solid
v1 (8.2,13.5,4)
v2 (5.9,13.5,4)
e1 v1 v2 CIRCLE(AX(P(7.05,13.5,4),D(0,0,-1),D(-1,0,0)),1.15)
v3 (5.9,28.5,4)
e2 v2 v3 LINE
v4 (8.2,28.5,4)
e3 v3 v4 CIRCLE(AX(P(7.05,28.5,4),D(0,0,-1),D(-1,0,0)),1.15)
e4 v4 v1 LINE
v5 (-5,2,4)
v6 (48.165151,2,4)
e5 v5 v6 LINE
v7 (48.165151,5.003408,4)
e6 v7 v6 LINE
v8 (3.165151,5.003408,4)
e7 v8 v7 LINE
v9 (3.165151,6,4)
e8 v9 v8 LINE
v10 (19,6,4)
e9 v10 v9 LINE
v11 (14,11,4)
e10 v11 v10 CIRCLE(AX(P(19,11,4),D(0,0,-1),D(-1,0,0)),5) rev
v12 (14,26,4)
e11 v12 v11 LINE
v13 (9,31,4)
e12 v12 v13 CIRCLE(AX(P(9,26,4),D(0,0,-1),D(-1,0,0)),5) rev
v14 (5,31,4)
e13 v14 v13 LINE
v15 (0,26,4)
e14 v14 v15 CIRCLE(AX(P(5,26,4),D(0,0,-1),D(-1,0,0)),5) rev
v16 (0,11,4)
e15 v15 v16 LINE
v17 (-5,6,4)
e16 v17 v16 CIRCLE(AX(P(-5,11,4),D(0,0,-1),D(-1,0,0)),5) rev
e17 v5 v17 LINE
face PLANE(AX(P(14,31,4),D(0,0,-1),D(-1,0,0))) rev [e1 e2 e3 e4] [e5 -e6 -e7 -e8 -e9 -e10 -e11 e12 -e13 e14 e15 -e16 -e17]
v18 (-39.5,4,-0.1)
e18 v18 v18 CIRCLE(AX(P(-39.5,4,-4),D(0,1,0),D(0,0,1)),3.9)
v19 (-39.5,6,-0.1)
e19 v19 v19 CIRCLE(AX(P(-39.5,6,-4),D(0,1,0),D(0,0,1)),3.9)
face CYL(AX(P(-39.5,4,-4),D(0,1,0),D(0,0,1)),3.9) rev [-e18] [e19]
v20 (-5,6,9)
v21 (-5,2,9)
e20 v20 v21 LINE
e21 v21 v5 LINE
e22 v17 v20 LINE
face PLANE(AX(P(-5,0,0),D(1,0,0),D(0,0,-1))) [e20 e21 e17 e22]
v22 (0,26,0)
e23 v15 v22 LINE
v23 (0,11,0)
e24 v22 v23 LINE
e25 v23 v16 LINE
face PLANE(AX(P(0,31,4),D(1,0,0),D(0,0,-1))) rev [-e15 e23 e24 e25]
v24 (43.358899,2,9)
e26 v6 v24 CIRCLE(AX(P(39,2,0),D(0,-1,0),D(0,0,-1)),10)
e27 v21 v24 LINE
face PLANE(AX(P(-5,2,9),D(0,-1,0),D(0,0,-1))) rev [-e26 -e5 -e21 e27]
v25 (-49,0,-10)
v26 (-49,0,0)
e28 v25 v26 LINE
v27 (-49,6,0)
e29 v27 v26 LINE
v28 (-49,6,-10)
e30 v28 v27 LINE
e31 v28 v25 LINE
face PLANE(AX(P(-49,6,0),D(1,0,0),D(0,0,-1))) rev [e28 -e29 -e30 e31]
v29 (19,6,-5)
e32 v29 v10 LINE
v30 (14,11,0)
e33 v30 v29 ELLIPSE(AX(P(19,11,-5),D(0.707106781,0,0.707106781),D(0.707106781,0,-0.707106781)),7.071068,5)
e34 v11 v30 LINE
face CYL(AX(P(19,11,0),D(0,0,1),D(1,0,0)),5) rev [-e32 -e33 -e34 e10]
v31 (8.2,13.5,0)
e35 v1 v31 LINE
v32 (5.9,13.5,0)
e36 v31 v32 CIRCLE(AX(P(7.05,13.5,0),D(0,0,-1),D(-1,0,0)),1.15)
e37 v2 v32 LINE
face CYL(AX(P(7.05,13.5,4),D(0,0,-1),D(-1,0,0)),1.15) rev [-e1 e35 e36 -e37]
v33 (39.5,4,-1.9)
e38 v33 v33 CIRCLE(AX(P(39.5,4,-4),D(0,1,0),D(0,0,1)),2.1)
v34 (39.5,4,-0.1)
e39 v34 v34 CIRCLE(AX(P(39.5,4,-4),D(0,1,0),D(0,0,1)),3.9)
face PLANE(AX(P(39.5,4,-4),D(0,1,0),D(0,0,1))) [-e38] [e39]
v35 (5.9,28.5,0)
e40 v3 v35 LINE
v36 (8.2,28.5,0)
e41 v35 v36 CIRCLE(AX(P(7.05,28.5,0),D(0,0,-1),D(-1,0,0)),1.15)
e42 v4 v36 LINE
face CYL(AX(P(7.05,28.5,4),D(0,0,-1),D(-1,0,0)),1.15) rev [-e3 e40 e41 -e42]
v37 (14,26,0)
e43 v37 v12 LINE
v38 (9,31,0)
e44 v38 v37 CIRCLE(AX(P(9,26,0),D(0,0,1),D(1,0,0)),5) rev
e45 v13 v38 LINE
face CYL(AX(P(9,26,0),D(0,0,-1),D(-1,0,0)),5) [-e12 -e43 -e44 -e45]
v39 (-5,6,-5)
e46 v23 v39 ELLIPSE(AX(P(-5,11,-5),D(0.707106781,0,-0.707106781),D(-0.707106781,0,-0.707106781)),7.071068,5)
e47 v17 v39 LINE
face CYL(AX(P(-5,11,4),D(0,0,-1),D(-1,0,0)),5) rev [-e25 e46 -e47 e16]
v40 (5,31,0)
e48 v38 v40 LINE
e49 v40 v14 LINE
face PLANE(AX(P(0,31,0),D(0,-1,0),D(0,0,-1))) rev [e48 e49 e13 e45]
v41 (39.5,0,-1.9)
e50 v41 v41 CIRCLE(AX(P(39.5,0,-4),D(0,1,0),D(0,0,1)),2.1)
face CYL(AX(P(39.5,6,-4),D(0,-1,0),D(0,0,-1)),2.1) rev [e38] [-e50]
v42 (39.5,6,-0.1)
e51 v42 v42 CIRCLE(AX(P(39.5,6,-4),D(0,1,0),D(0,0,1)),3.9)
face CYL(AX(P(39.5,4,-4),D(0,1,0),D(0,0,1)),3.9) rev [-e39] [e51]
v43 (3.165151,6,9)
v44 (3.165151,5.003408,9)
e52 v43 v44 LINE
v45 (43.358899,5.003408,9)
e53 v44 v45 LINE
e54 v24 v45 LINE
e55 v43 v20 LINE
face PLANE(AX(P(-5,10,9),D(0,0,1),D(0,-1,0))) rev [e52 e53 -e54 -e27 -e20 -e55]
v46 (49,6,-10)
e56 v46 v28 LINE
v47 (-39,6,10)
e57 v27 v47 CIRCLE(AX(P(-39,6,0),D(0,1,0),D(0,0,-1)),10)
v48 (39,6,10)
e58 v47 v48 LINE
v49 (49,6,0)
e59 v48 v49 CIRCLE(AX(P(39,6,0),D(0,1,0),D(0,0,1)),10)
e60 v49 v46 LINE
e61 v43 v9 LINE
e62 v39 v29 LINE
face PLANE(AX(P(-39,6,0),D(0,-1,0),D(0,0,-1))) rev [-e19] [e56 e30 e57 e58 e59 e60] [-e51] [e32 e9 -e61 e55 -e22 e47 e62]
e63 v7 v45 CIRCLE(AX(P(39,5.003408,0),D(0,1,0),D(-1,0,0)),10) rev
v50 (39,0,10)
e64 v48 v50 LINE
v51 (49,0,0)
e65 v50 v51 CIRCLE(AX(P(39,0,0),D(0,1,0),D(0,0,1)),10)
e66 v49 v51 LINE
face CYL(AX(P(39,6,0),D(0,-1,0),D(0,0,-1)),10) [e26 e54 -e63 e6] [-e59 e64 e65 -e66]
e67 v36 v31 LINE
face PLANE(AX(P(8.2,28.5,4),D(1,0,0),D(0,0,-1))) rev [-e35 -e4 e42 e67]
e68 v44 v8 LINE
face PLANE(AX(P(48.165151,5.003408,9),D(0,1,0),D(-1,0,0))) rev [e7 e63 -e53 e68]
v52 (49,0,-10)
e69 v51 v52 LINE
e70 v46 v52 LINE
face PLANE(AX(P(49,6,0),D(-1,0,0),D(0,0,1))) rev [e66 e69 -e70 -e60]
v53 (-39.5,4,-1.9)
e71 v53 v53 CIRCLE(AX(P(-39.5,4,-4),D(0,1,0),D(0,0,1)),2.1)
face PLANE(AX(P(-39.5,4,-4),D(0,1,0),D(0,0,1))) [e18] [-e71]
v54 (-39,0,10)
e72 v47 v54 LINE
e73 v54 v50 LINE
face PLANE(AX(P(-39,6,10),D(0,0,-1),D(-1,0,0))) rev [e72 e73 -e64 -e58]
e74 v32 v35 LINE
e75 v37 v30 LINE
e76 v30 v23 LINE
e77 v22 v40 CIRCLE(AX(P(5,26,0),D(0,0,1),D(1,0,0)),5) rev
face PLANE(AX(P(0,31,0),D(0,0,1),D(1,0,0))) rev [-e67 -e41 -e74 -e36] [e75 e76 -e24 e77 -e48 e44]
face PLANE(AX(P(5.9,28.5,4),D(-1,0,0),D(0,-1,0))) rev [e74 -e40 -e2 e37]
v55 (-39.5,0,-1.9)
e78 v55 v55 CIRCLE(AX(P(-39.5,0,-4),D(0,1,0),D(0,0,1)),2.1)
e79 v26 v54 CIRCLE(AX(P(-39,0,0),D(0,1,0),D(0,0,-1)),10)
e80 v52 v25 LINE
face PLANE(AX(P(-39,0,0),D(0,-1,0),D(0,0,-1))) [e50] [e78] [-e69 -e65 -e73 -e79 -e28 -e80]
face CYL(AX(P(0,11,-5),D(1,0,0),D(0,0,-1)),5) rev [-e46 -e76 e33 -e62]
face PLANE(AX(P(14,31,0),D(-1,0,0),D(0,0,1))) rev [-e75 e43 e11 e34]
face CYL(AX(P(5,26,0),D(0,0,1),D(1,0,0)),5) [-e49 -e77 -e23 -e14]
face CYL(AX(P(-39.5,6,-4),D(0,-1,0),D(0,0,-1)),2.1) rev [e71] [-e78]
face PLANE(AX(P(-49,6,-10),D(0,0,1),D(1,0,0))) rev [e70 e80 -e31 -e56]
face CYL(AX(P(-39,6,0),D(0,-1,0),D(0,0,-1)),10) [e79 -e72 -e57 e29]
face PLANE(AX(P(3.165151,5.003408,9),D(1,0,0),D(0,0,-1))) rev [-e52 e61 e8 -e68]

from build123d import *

# Parameters (mm, degrees)
CROQUIS1_R              = 2.1
SALIENTE_EXTRUIR1_DEPTH = 6
CROQUIS2_R              = 3.9
CORTAR_EXTRUIR1_DEPTH   = 2
CROQUIS3_W              = 14
CROQUIS3_H              = 4
SALIENTE_EXTRUIR2_DEPTH = 25
REDONDEO4_R             = 5
CORTAR_EXTRUIR6_DEPTH   = 4
REDONDEO7_R             = 5
REDONDEO8_R             = 5
CROQUIS5_W              = 5
CROQUIS5_H              = 8
CORTAR_EXTRUIR9_DEPTH   = 54
CROQUIS11_W             = 45
CROQUIS11_H             = 0.996592172
SALIENTE_EXTRUIR7_DEPTH = 5
CORTAR_EXTRUIR10_START  = -5
CORTAR_EXTRUIR10_DEPTH  = 5


with BuildPart() as part:
    # Croquis1 → Saliente-Extruir1 (new body)
    with BuildSketch(Plane(origin=(0, 0, 0), x_dir=(1, 0, 0), z_dir=(0, 1, 0))):
        with BuildLine():
            Line((-39, -10), (39, -10))
            ThreePointArc((39, -10), (46.071067812, -7.071067812), (49, 0))
            Line((49, 0), (49, 10))
            Line((49, 10), (-49, 10))
            Line((-49, 10), (-49, 0))
            ThreePointArc((-49, 0), (-46.071067812, -7.071067812), (-39, -10))
        make_face()
        with Locations(Location((-39.5, 4, 0), (0, 0, 270))):
            Circle(CROQUIS1_R, mode=Mode.SUBTRACT)
        with Locations(Location((39.5, 4, 0), (0, 0, 270))):
            Circle(CROQUIS1_R, mode=Mode.SUBTRACT)
    extrude(amount=SALIENTE_EXTRUIR1_DEPTH)

    # Croquis2 → Cortar-Extruir1 (cut)
    with BuildSketch(Plane(origin=(0, 6, 0), x_dir=(1, 0, 0), z_dir=(0, 1, 0))):
        with Locations(Location((39.5, 4, 0), (0, 0, 270))):
            Circle(CROQUIS2_R)
        with Locations(Location((-39.5, 4, 0), (0, 0, 270))):
            Circle(CROQUIS2_R)
    extrude(amount=-CORTAR_EXTRUIR1_DEPTH, mode=Mode.SUBTRACT)

    # Croquis3 → Saliente-Extruir2 (add)
    with BuildSketch(Plane(origin=(0, 6, 0), x_dir=(1, 0, 0), z_dir=(0, 1, 0))):
        with Locations((7, -2)):
            Rectangle(CROQUIS3_W, CROQUIS3_H)
    extrude(amount=SALIENTE_EXTRUIR2_DEPTH)

    # Redondeo4
    redondeo4_edges = [part.edges().sort_by_distance(p)[0] for p in [
        (7, 6, 0),
        (0, 6, 2),
        (14, 6, 2),
    ]]
    fillet(redondeo4_edges, radius=REDONDEO4_R)

    # Croquis4 → Cortar-Extruir6 (cut)
    with BuildSketch(Plane(origin=(0, 0, 0), x_dir=(-1, 0, 0), z_dir=(0, 0, -1))):
        with BuildLine():
            Line((-5.9, 28.5), (-5.9, 13.5))
            ThreePointArc((-5.9, 13.5), (-7.05, 12.35), (-8.2, 13.5))
            Line((-8.2, 13.5), (-8.2, 28.5))
            ThreePointArc((-8.2, 28.5), (-7.05, 29.65), (-5.9, 28.5))
        make_face()
    extrude(amount=-CORTAR_EXTRUIR6_DEPTH, mode=Mode.SUBTRACT)

    # Redondeo7
    redondeo7_edges = [part.edges().sort_by_distance(p)[0] for p in [
        (14, 31, 2),
    ]]
    fillet(redondeo7_edges, radius=REDONDEO7_R)

    # Redondeo8
    redondeo8_edges = [part.edges().sort_by_distance(p)[0] for p in [
        (0, 31, 2),
    ]]
    fillet(redondeo8_edges, radius=REDONDEO8_R)

    # Croquis5 → Cortar-Extruir9 (cut)
    with BuildSketch(Plane(origin=(49, 0, 0), x_dir=(0, 0, -1), z_dir=(1, 0, 0))):
        with Locations((-6.5, 6)):
            Rectangle(CROQUIS5_W, CROQUIS5_H)
    extrude(amount=-CORTAR_EXTRUIR9_DEPTH, mode=Mode.SUBTRACT)

    # Croquis11 → Saliente-Extruir7 (add)
    with BuildSketch(Plane.XY.offset(4)):
        with Locations((25.66515139, 5.501703914)):
            Rectangle(CROQUIS11_W, CROQUIS11_H)
    extrude(amount=SALIENTE_EXTRUIR7_DEPTH)

    # Croquis12 → Cortar-Extruir10 (cut)
    with BuildSketch(Plane(origin=(0, 6, 0), x_dir=(1, 0, 0), z_dir=(0, 1, 0)).offset(CORTAR_EXTRUIR10_START)):
        with BuildLine():
            Line((49, 10), (57.140229863, 10))
            Line((57.140229863, 10), (57.737940114, -14.066484251))
            Line((57.737940114, -14.066484251), (14, -12.561195781))
            Line((14, -12.561195781), (14, -10))
            Line((14, -10), (39, -10))
            ThreePointArc((39, -10), (46.071067812, -7.071067812), (49, 0))
            Line((49, 0), (49, 10))
        make_face()
    extrude(amount=CORTAR_EXTRUIR10_DEPTH, mode=Mode.SUBTRACT)


solid = part.part
